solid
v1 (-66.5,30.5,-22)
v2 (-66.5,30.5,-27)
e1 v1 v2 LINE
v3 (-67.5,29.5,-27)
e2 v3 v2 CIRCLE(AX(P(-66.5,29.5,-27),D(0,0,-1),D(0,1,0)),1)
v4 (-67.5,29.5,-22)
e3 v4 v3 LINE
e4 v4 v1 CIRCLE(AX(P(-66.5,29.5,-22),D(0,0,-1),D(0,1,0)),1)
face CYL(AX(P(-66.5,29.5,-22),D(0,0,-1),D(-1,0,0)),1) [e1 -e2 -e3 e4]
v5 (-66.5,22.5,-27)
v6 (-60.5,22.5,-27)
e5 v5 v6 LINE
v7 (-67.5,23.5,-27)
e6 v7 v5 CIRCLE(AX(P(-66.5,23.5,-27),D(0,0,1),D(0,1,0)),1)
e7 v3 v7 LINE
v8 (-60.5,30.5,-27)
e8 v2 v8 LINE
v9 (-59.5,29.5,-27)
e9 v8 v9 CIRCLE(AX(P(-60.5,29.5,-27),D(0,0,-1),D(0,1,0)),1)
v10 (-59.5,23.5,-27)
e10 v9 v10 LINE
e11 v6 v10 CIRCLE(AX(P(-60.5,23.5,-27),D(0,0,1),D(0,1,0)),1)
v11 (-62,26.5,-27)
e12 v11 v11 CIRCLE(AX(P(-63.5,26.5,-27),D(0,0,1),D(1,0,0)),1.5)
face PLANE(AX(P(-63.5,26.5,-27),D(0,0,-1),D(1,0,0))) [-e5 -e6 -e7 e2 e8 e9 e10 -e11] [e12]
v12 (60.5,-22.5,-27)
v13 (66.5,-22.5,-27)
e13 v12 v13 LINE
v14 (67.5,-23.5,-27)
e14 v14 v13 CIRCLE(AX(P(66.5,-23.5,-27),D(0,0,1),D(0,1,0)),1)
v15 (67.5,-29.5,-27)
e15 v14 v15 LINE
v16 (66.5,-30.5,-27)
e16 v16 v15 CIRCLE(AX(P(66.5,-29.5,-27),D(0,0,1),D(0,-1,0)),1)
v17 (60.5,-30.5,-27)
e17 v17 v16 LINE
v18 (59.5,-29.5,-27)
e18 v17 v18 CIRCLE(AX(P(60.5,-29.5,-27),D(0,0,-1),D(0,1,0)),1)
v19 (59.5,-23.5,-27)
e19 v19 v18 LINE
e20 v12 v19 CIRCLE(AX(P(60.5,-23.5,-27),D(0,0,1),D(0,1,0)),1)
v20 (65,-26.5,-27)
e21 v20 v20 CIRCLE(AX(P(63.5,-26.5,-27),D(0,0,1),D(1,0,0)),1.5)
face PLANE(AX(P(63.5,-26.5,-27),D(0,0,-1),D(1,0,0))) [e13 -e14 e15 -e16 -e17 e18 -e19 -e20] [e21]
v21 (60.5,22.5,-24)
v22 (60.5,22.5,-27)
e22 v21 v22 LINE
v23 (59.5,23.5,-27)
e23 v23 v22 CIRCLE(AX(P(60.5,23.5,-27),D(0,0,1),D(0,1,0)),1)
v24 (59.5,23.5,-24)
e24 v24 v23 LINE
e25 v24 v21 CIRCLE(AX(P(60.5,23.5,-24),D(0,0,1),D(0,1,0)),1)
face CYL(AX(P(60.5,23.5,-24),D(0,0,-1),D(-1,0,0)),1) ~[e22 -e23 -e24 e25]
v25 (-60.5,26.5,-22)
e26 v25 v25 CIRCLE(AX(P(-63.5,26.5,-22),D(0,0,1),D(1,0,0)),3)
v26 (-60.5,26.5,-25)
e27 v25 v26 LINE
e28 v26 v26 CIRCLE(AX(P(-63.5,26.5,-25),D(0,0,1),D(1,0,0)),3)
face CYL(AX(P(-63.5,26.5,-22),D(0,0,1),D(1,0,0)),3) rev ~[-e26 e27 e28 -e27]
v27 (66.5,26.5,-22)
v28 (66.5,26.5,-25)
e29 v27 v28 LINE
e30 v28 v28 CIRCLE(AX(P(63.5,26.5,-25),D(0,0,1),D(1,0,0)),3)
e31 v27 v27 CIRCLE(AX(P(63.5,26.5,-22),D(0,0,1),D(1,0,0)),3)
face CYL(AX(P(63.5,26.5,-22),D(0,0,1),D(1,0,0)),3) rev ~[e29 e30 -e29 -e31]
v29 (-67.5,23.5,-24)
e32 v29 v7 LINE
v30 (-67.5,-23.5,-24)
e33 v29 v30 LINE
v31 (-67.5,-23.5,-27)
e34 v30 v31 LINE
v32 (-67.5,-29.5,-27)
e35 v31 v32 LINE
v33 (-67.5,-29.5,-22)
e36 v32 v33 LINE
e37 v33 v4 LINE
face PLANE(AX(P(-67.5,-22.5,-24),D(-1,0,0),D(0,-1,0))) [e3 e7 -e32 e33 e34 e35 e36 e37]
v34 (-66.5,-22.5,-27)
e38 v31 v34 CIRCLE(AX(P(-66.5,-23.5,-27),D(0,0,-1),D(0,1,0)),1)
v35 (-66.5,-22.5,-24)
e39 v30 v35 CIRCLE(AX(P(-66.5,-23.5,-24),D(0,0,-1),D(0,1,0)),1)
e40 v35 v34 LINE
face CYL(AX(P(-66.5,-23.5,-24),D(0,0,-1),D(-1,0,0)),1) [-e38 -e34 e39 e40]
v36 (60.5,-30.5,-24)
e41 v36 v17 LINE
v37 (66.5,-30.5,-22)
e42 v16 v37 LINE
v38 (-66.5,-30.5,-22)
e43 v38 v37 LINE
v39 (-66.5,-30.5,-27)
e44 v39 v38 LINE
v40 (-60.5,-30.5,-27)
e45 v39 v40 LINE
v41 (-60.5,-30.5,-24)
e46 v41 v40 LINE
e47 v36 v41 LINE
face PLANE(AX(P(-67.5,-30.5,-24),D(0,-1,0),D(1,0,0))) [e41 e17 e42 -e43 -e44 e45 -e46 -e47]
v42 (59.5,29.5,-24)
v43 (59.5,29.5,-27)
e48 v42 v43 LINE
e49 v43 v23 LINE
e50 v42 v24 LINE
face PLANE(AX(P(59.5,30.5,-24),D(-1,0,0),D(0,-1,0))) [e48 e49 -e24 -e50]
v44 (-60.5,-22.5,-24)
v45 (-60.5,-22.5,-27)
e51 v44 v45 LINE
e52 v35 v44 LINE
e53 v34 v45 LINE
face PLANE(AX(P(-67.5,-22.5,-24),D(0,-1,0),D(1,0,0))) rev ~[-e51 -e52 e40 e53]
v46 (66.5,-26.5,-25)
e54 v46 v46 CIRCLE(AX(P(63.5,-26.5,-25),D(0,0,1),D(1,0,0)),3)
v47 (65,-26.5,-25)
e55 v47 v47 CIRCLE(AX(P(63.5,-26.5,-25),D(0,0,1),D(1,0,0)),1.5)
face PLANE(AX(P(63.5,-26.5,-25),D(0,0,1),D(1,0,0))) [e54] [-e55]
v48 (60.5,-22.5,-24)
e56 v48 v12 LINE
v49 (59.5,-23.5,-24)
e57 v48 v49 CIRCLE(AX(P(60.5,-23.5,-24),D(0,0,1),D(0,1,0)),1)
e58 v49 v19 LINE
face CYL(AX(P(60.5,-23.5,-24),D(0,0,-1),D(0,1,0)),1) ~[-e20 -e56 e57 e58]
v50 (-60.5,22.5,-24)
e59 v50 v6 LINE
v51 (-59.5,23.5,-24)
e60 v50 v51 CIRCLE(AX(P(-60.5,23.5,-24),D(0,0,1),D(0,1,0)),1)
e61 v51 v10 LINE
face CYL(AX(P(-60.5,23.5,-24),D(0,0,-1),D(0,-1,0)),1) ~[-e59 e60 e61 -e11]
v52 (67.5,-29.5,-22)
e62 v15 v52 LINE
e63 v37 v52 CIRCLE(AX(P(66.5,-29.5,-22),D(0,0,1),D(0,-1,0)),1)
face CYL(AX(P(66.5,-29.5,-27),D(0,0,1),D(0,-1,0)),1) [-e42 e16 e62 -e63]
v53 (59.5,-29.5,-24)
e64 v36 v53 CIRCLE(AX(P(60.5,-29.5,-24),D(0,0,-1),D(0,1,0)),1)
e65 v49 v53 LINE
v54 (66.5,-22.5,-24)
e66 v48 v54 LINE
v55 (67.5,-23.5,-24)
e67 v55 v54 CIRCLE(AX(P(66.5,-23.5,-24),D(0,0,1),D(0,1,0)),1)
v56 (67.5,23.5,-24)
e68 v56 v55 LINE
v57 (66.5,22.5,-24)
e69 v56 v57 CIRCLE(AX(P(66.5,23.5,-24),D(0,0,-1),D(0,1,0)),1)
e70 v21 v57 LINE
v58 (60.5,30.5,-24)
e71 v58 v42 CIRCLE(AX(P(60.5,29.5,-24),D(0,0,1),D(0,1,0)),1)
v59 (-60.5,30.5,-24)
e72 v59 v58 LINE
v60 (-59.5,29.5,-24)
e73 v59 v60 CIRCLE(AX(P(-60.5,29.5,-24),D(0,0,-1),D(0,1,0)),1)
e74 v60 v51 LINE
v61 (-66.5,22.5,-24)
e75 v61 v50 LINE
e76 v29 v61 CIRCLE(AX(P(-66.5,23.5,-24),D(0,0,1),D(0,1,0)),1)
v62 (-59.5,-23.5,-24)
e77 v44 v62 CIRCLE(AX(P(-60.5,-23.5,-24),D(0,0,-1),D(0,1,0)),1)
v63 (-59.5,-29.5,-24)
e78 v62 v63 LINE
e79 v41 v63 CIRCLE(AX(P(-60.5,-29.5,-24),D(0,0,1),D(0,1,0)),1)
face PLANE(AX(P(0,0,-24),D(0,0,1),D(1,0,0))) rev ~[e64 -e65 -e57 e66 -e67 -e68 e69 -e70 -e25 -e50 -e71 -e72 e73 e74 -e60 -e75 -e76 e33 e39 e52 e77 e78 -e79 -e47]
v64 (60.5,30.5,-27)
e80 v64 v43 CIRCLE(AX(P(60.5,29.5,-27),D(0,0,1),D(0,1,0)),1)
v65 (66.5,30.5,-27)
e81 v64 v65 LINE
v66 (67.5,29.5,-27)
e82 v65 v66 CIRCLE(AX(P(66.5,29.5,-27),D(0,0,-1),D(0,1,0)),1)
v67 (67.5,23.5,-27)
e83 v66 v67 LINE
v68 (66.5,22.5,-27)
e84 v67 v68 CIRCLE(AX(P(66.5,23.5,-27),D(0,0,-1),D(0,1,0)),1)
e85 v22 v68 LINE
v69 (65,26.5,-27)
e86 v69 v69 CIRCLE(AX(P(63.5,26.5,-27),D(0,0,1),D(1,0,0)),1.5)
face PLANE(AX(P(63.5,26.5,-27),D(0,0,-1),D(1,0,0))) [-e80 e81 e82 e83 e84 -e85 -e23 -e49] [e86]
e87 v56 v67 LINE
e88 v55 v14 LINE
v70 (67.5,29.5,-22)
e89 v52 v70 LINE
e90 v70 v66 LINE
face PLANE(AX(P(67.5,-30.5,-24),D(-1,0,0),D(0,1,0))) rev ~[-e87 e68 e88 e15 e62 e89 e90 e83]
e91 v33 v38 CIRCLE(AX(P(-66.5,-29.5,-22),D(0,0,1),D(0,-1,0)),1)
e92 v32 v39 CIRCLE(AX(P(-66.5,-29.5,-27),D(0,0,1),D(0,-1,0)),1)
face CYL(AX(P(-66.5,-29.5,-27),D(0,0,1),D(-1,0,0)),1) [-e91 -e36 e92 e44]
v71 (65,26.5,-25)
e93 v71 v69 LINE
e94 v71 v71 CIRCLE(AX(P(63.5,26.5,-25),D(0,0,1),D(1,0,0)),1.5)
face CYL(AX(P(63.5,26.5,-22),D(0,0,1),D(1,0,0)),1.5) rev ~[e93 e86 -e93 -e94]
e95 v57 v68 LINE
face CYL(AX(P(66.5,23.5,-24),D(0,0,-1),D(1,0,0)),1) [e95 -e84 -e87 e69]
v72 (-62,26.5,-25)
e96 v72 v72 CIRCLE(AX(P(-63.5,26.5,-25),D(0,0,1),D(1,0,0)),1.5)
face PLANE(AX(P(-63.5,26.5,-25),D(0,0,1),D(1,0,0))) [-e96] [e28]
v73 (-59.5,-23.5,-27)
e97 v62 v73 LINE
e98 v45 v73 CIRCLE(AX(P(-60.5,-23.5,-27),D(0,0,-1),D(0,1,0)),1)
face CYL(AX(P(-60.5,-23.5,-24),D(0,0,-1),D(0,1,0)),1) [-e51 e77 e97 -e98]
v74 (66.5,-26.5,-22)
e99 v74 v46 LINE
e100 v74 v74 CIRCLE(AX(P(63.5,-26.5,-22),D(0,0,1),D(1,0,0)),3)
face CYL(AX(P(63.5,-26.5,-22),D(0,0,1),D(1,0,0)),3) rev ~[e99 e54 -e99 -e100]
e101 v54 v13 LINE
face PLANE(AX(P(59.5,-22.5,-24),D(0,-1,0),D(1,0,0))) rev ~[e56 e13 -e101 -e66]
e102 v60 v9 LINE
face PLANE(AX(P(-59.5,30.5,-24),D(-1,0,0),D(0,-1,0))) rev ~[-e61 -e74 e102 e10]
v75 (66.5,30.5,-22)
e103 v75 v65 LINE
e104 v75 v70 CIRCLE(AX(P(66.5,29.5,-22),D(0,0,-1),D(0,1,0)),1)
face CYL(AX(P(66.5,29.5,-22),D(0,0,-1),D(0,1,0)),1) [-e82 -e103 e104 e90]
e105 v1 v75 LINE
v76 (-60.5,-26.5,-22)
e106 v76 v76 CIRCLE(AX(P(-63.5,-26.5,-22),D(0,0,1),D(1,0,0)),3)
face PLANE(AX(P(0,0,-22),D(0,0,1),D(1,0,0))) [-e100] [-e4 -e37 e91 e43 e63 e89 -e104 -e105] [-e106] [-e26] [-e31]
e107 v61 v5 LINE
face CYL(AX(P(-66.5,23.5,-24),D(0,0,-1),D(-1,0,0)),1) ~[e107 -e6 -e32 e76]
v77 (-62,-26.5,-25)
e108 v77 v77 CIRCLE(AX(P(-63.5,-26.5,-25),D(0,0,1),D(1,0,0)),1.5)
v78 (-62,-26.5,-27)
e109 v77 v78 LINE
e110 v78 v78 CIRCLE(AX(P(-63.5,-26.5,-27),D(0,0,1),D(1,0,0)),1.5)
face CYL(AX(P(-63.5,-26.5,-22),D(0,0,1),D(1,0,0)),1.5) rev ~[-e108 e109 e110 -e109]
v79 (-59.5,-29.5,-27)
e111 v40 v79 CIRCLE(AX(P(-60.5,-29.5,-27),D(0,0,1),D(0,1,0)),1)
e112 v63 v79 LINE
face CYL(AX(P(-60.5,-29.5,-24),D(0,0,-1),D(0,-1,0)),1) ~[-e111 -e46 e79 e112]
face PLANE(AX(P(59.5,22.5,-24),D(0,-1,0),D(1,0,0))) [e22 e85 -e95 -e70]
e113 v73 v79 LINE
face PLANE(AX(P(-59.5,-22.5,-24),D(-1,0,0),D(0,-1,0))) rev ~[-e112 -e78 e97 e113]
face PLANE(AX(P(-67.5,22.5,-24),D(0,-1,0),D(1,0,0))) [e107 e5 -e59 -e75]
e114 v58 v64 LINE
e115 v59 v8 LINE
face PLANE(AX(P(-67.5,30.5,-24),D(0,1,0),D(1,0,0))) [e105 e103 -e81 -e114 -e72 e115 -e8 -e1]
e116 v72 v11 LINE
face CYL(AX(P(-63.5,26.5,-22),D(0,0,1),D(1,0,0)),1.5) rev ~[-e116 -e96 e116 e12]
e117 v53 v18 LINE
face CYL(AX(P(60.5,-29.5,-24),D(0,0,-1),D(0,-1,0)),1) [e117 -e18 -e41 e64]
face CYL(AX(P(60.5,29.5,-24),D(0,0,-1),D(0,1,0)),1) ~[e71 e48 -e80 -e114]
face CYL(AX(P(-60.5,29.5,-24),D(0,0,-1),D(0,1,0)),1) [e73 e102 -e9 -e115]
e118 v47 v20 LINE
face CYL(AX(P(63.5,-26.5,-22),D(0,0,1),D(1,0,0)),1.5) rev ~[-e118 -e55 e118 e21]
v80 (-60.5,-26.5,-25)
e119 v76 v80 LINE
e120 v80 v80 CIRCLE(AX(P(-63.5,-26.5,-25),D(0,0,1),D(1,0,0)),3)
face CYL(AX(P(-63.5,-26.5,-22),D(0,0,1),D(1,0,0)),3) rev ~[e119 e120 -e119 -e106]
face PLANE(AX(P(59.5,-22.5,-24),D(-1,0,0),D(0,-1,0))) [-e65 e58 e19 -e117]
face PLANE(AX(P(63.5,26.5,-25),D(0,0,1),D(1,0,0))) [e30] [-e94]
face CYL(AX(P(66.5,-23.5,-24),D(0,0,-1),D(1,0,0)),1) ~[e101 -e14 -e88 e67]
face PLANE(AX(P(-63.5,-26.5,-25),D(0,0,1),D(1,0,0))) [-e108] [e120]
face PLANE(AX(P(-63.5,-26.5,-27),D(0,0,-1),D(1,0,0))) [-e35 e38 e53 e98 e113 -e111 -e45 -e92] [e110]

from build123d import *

# Parameters (mm, degrees)
SKETCH010_W     = 135
SKETCH010_H     = 61
PAD007_DEPTH    = 2
SKETCH011_W     = 8
SKETCH011_H     = 8
PAD008_DEPTH    = 3
SKETCH012_R     = 1.5
POCKET003_DEPTH = 5
SKETCH013_R     = 3
POCKET004_DEPTH = 3
FILLET002_R     = 1
FILLET003_R     = 1


with BuildPart() as part:
    # Sketch010 → Pad007 (new body)
    with BuildSketch(Plane.XY):
        Rectangle(SKETCH010_W, SKETCH010_H)
    extrude(amount=PAD007_DEPTH)

    # Sketch011 (on Face5 of Pad007) → Pad008 (join)
    with BuildSketch(Plane(origin=(0, 0, 0), x_dir=(1, 0, 0), z_dir=(0, 0, -1))):
        with Locations((-63.5, 26.5)):
            Rectangle(SKETCH011_W, SKETCH011_H)
        with Locations((-63.5, -26.5)):
            Rectangle(SKETCH011_W, SKETCH011_H)
        with Locations((63.5, -26.5)):
            Rectangle(SKETCH011_W, SKETCH011_H)
        with Locations((63.5, 26.5)):
            Rectangle(SKETCH011_W, SKETCH011_H)
    extrude(amount=PAD008_DEPTH)

    # Sketch012 (on Face15 of Pad008) → Pocket003 (cut)
    with BuildSketch(Plane.XY.offset(2)):
        with Locations((-63.5, 26.5)):
            Circle(SKETCH012_R)
        with Locations((-63.5, -26.5)):
            Circle(SKETCH012_R)
        with Locations((63.5, 26.5)):
            Circle(SKETCH012_R)
        with Locations((63.5, -26.5)):
            Circle(SKETCH012_R)
    extrude(amount=-POCKET003_DEPTH, mode=Mode.SUBTRACT)

    # Sketch013 (on Face16 of Pocket003) → Pocket004 (cut)
    with BuildSketch(Plane.XY.offset(2)):
        with Locations((-63.5, 26.5)):
            Circle(SKETCH013_R)
        with Locations((-63.5, -26.5)):
            Circle(SKETCH013_R)
        with Locations((63.5, -26.5)):
            Circle(SKETCH013_R)
        with Locations((63.5, 26.5)):
            Circle(SKETCH013_R)
    extrude(amount=-POCKET004_DEPTH, mode=Mode.SUBTRACT)

    # Fillet002
    fillet002_edges = [part.edges().sort_by_distance(p)[0] for p in [
        (67.5, -30.5, -0.5),
        (-67.5, -30.5, -0.5),
        (-67.5, 30.5, -0.5),
        (67.5, 30.5, -0.5),
    ]]
    fillet(fillet002_edges, radius=FILLET002_R)

    # Fillet003
    fillet003_edges = [part.edges().sort_by_distance(p)[0] for p in [
        (59.5, -22.5, -1.5),
        (59.5, 22.5, -1.5),
        (-59.5, 22.5, -1.5),
        (-59.5, -22.5, -1.5),
        (67.5, 22.5, -1.5),
        (59.5, 30.5, -1.5),
        (67.5, -22.5, -1.5),
        (59.5, -30.5, -1.5),
        (-59.5, -30.5, -1.5),
        (-67.5, -22.5, -1.5),
        (-67.5, 22.5, -1.5),
        (-59.5, 30.5, -1.5),
    ]]
    fillet(fillet003_edges, radius=FILLET003_R)


with BuildPart() as part_1:
    # Body002 placement: moved
    add(part.part.moved(Location((0, 0, -24))))


solid = part_1.part
